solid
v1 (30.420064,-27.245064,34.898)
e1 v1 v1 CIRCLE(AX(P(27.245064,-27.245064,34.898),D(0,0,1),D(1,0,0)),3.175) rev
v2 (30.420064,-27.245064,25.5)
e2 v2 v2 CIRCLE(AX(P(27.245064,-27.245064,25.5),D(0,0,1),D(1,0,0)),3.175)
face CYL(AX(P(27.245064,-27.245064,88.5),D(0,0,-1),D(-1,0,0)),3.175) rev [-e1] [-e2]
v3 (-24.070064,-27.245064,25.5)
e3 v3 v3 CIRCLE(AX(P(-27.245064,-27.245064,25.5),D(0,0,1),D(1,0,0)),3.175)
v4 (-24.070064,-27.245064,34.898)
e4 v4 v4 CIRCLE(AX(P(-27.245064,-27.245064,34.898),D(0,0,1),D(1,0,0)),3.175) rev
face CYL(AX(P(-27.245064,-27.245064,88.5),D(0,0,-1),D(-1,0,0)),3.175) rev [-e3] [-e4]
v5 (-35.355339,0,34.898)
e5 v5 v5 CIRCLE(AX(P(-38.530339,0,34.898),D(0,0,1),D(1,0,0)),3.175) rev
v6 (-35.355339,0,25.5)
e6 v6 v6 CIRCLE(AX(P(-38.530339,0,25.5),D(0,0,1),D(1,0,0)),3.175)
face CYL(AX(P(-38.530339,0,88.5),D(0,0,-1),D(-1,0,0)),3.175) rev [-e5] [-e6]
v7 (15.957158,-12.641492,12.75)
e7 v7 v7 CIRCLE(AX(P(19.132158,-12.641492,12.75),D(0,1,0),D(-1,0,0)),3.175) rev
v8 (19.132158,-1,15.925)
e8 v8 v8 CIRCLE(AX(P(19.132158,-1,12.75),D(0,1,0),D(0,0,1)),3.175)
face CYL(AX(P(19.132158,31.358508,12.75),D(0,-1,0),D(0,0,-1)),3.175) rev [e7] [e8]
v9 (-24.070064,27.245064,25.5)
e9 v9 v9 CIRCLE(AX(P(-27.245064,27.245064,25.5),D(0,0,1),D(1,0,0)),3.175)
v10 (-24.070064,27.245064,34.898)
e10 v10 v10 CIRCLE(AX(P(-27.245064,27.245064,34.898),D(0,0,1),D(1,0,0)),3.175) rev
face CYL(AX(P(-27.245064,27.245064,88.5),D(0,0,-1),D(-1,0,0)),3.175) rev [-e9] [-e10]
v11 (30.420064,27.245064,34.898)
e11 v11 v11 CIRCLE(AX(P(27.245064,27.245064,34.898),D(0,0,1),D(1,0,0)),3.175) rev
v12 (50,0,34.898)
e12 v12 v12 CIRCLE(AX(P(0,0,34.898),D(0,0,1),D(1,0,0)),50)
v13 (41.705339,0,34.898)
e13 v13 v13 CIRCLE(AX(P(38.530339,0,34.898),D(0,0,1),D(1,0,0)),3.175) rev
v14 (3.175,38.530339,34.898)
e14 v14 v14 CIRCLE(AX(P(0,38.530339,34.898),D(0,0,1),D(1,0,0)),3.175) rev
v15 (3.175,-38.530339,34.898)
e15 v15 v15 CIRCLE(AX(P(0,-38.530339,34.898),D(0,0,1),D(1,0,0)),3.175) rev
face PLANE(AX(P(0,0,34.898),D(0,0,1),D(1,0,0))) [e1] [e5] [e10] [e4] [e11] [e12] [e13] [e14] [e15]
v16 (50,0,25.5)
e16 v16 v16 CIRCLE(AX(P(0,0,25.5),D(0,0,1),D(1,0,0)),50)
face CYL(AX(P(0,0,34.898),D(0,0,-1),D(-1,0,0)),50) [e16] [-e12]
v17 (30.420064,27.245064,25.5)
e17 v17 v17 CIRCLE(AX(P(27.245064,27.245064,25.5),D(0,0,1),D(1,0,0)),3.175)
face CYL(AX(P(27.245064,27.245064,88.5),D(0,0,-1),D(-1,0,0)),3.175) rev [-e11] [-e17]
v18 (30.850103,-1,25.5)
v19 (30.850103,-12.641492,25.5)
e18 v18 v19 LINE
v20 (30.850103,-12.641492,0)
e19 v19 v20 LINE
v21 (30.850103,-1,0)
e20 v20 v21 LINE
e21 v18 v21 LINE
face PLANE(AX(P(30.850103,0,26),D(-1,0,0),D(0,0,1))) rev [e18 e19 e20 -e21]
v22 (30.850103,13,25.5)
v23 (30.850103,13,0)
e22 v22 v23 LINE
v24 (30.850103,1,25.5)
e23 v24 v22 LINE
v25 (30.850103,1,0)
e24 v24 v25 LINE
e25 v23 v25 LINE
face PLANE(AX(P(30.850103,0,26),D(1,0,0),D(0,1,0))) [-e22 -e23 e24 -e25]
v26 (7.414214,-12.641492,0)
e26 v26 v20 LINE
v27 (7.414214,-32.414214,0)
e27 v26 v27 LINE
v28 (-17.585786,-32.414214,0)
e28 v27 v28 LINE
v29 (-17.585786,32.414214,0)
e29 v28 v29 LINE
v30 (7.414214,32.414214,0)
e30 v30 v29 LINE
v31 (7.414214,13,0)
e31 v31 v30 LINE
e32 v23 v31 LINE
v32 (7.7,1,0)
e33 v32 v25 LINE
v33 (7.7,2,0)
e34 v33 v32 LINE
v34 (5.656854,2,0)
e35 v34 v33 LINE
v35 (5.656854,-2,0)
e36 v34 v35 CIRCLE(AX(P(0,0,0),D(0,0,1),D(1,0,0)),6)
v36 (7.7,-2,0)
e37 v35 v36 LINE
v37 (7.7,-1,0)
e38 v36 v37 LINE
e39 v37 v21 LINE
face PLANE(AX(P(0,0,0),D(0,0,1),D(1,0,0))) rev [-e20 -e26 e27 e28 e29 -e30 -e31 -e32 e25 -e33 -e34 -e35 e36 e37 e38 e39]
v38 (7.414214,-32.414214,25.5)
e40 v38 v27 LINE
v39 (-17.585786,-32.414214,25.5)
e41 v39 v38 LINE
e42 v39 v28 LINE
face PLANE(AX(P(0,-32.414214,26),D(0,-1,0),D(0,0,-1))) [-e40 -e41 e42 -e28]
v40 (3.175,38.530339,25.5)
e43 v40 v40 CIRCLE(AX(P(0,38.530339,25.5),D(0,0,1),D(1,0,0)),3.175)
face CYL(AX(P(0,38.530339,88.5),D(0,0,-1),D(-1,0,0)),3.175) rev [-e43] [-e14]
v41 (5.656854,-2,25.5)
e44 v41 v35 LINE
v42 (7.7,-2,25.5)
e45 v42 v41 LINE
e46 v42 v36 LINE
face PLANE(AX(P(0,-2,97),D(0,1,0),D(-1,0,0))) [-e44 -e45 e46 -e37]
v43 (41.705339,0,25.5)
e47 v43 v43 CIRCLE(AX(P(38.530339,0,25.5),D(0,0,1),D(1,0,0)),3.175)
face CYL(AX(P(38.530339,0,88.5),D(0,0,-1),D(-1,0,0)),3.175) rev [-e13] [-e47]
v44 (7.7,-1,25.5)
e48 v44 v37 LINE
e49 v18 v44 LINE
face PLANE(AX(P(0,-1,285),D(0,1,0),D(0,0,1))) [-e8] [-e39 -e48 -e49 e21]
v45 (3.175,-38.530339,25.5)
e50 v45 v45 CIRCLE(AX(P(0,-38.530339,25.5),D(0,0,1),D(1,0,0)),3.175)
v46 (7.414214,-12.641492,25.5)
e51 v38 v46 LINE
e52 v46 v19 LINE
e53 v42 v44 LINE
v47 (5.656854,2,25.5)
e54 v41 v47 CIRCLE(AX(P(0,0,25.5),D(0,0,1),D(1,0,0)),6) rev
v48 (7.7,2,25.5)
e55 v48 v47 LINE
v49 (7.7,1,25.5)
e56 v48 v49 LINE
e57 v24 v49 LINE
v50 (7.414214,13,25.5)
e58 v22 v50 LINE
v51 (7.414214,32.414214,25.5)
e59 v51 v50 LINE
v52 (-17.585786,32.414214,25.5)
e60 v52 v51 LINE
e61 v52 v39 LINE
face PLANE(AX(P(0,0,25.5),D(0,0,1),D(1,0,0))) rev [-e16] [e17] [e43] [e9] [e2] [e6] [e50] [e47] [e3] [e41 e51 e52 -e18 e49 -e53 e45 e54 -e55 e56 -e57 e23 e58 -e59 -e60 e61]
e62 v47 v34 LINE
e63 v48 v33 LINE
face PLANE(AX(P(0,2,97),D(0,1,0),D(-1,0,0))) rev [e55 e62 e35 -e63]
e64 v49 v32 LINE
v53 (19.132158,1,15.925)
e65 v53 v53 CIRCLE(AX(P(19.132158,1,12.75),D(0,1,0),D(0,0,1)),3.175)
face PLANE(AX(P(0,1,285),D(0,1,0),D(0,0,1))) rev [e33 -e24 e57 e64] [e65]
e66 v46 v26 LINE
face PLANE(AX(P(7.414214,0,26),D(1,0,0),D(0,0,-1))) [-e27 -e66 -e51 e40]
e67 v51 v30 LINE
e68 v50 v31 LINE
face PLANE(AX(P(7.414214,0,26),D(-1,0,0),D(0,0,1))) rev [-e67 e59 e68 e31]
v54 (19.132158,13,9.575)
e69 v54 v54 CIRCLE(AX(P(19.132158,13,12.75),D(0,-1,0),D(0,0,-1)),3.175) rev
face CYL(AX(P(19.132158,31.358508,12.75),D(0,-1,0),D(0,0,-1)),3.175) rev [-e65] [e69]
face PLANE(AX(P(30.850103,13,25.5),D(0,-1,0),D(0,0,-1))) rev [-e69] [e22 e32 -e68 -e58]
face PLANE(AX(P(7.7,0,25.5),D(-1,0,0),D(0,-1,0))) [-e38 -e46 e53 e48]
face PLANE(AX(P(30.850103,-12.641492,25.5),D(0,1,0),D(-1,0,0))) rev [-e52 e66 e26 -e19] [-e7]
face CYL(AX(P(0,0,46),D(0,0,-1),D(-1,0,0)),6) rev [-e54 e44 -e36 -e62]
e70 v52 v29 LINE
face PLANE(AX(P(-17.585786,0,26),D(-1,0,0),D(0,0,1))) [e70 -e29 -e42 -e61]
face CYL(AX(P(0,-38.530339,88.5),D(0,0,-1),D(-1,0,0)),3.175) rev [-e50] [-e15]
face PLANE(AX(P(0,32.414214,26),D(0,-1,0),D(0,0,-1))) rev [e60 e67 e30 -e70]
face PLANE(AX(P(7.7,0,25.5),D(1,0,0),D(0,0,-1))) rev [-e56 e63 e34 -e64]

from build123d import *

# Parameters (mm, degrees)
SKETCH_1_W           = 30
SKETCH_1_H           = 14.828427124
EXTRUDE_2_DEPTH      = 25.5
CUT_EXTRUDE_9_DEPTH  = 46
CUT_EXTRUDE_10_DEPTH = 30
CUT_EXTRUDE_11_DEPTH = 31
CUT_EXTRUDE_12_DEPTH = 40
CUT_EXTRUDE_13_DEPTH = 46
CUT_EXTRUDE_17_DEPTH = 97
CUT_EXTRUDE_18_DEPTH = 285
SKETCH_12_R          = 50
EXTRUDE_7_DEPTH      = 9.398
SKETCH_16_W          = 11
SKETCH_16_H          = 2
CUT_EXTRUDE_25_DEPTH = 25.5
SKETCH_12_5_R        = 3.175
CUT_EXTRUDE_27_DEPTH = 63
EXTRUDE_9_DEPTH      = 26
SKETCH_20_8_W        = 10
SKETCH_20_8_H        = 2
EXTRUDE_10_DEPTH     = 26
SKETCH_21_R          = 3.175
CUT_EXTRUDE_28_DEPTH = 54
SKETCH_22_W          = 23.435889716
SKETCH_22_H          = 10
CUT_EXTRUDE_31_DEPTH = 25.5
SKETCH_1_26_W        = 0.7
SKETCH_1_26_H        = 1
CUT_EXTRUDE_32_DEPTH = 25.5


with BuildPart() as part:
    # 草图1 → 凸台-拉伸2 (new body)
    with BuildSketch(Plane.XY):
        with Locations((7.585786438, 0)):
            Rectangle(SKETCH_1_W, SKETCH_1_H)
    extrude(amount=EXTRUDE_2_DEPTH)

    # 草图1<11> → 切除-拉伸9 (cut)
    with BuildSketch(Plane.XY):
        with BuildLine():
            Line((0, -2), (0, 0))
            Line((0, 0), (-6, 0))
            ThreePointArc((-6, 0), (-4.242640687, -4.242640687), (0, -6))
            ThreePointArc((0, -6), (3.464101615, -4.898979486), (5.656854249, -2))
            Line((5.656854249, -2), (0, -2))
        make_face()
    extrude(amount=CUT_EXTRUDE_9_DEPTH, mode=Mode.SUBTRACT)

    # 草图1<12> → 切除-拉伸10 (cut)
    with BuildSketch(Plane.XY):
        with BuildLine():
            Line((-6, 0), (0, 0))
            Line((0, 0), (0, 2))
            Line((0, 2), (0, 6))
            ThreePointArc((0, 6), (-4.242640687, 4.242640687), (-6, 0))
        make_face()
    extrude(amount=CUT_EXTRUDE_10_DEPTH, mode=Mode.SUBTRACT)

    # 草图1<13> → 切除-拉伸11 (cut)
    with BuildSketch(Plane.XY):
        with BuildLine():
            Line((0, 2), (0, 0))
            Line((0, 0), (6, 0))
            ThreePointArc((6, 0), (5.913591358, 1.014611872), (5.656854249, 2))
            Line((5.656854249, 2), (0, 2))
        make_face()
    extrude(amount=CUT_EXTRUDE_11_DEPTH, mode=Mode.SUBTRACT)

    # 草图1<14> → 切除-拉伸12 (cut)
    with BuildSketch(Plane.XY):
        with BuildLine():
            Line((6, 0), (0, 0))
            Line((0, 0), (0, -2))
            Line((0, -2), (5.656854249, -2))
            ThreePointArc((5.656854249, -2), (5.913591358, -1.014611872), (6, 0))
        make_face()
    extrude(amount=CUT_EXTRUDE_12_DEPTH, mode=Mode.SUBTRACT)

    # 草图1<15> → 切除-拉伸13 (cut)
    with BuildSketch(Plane.XY):
        with BuildLine():
            Line((0, 6), (0, 2))
            Line((0, 2), (5.656854249, 2))
            ThreePointArc((5.656854249, 2), (3.464101615, 4.898979486), (0, 6))
        make_face()
    extrude(amount=CUT_EXTRUDE_13_DEPTH, mode=Mode.SUBTRACT)

    # 草图1<19> → 切除-拉伸17 (cut)
    with BuildSketch(Plane.XY):
        with BuildLine():
            Line((7, 2), (5.656854249, 2))
            ThreePointArc((5.656854249, 2), (6, 0), (5.656854249, -2))
            Line((5.656854249, -2), (7, -2))
            Line((7, -2), (7, 2))
        make_face()
    extrude(amount=CUT_EXTRUDE_17_DEPTH, mode=Mode.SUBTRACT)

    # 草图1<20> → 切除-拉伸18 (cut)
    with BuildSketch(Plane.XY):
        with BuildLine():
            ThreePointArc((7.414213562, 7.414213562), (9.005239827, 5.370919954), (10.046946078, 3))
            Line((10.046946078, 3), (18, 3))
            Line((18, 3), (20.850103278, 3))
            Line((20.850103278, 3), (20.850103278, 1))
            Line((20.850103278, 1), (18, 1))
            Line((18, 1), (18, -1))
            Line((18, -1), (20.850103278, -1))
            Line((20.850103278, -1), (20.850103278, -3))
            Line((20.850103278, -3), (18, -3))
            Line((18, -3), (10.046946078, -3))
            ThreePointArc((10.046946078, -3), (9.005239827, -5.370919954), (7.414213562, -7.414213562))
            Line((7.414213562, -7.414213562), (22.585786438, -7.414213562))
            Line((22.585786438, -7.414213562), (22.585786438, 7.414213562))
            Line((22.585786438, 7.414213562), (7.414213562, 7.414213562))
        make_face()
    extrude(amount=CUT_EXTRUDE_18_DEPTH, mode=Mode.SUBTRACT)

    # 草图12 → 凸台-拉伸7 (add)
    with BuildSketch(Plane.XY.offset(25.5)):
        Circle(SKETCH_12_R)
    extrude(amount=EXTRUDE_7_DEPTH)

    # 草图16 → 切除-拉伸25 (cut)
    with BuildSketch(Plane(origin=(0, 0, 0), x_dir=(-1, 0, 0), z_dir=(0, 0, -1))):
        with Locations((-12.5, 0)):
            Rectangle(SKETCH_16_W, SKETCH_16_H)
    extrude(amount=-CUT_EXTRUDE_25_DEPTH, mode=Mode.SUBTRACT)

    # 草图12<5> → 切除-拉伸27 (cut)
    with BuildSketch(Plane.XY.offset(25.5)):
        with Locations((0, 38.530339059)):
            Circle(SKETCH_12_5_R)
        with Locations((-27.24506403, 27.24506403)):
            Circle(SKETCH_12_5_R)
        with Locations((27.24506403, -27.24506403)):
            Circle(SKETCH_12_5_R)
        with Locations((-38.530339059, 0)):
            Circle(SKETCH_12_5_R)
        with Locations((38.530339059, 0)):
            Circle(SKETCH_12_5_R)
        with Locations((0, -38.530339059)):
            Circle(SKETCH_12_5_R)
        with Locations((-27.24506403, -27.24506403)):
            Circle(SKETCH_12_5_R)
        with Locations((27.24506403, 27.24506403)):
            Circle(SKETCH_12_5_R)
    extrude(amount=CUT_EXTRUDE_27_DEPTH, mode=Mode.SUBTRACT)

    # 草图20 → 凸台-拉伸9 (add)
    with BuildSketch(Plane(origin=(0, 0, 0), x_dir=(-1, 0, 0), z_dir=(0, 0, -1))):
        Polygon((-7.414213562, 32.414213562), (-7.414213562, 23), (-30.850103278, 23), (-30.850103278, 3), (-7.414213562, 3), (-7.414213562, 7.414213562), (7.414213562, 7.414213562), (7.414213562, -7.414213562), (-7.414213562, -7.414213562), (-7.414213562, -3), (-30.850103278, -3), (-30.850103278, -22.641492006), (-7.414213562, -22.641492006), (-7.414213562, -32.414213562), (17.585786438, -32.414213562), (17.585786438, 32.414213562), align=None)
    extrude(amount=-EXTRUDE_9_DEPTH)

    # 草图20<8> → 凸台-拉伸10 (add)
    with BuildSketch(Plane(origin=(0, 0, 0), x_dir=(-1, 0, 0), z_dir=(0, 0, -1))):
        with Locations((-25.850103278, 2)):
            Rectangle(SKETCH_20_8_W, SKETCH_20_8_H)
        with Locations((-25.850103278, -2)):
            Rectangle(SKETCH_20_8_W, SKETCH_20_8_H)
    extrude(amount=-EXTRUDE_10_DEPTH)

    # 草图21 → 切除-拉伸28 (cut)
    with BuildSketch(Plane.XZ.offset(22.641492006)):
        with Locations((19.13215842, 12.75)):
            Circle(SKETCH_21_R)
    extrude(amount=-CUT_EXTRUDE_28_DEPTH, mode=Mode.SUBTRACT)

    # 草图22 → 切除-拉伸31 (cut)
    with BuildSketch(Plane(origin=(0, 0, 0), x_dir=(-1, 0, 0), z_dir=(0, 0, -1))):
        with Locations((-19.13215842, -17.641492006)):
            Rectangle(SKETCH_22_W, SKETCH_22_H)
        with Locations((-19.13215842, 18)):
            Rectangle(SKETCH_22_W, SKETCH_22_H)
    extrude(amount=-CUT_EXTRUDE_31_DEPTH, mode=Mode.SUBTRACT)

    # 草图1<26> → 切除-拉伸32 (cut)
    with BuildSketch(Plane.XY):
        with Locations((7.35, -1.5)):
            Rectangle(SKETCH_1_26_W, SKETCH_1_26_H)
        with Locations((7.35, 1.5)):
            Rectangle(SKETCH_1_26_W, SKETCH_1_26_H)
    extrude(amount=CUT_EXTRUDE_32_DEPTH, mode=Mode.SUBTRACT)


solid = part.part
